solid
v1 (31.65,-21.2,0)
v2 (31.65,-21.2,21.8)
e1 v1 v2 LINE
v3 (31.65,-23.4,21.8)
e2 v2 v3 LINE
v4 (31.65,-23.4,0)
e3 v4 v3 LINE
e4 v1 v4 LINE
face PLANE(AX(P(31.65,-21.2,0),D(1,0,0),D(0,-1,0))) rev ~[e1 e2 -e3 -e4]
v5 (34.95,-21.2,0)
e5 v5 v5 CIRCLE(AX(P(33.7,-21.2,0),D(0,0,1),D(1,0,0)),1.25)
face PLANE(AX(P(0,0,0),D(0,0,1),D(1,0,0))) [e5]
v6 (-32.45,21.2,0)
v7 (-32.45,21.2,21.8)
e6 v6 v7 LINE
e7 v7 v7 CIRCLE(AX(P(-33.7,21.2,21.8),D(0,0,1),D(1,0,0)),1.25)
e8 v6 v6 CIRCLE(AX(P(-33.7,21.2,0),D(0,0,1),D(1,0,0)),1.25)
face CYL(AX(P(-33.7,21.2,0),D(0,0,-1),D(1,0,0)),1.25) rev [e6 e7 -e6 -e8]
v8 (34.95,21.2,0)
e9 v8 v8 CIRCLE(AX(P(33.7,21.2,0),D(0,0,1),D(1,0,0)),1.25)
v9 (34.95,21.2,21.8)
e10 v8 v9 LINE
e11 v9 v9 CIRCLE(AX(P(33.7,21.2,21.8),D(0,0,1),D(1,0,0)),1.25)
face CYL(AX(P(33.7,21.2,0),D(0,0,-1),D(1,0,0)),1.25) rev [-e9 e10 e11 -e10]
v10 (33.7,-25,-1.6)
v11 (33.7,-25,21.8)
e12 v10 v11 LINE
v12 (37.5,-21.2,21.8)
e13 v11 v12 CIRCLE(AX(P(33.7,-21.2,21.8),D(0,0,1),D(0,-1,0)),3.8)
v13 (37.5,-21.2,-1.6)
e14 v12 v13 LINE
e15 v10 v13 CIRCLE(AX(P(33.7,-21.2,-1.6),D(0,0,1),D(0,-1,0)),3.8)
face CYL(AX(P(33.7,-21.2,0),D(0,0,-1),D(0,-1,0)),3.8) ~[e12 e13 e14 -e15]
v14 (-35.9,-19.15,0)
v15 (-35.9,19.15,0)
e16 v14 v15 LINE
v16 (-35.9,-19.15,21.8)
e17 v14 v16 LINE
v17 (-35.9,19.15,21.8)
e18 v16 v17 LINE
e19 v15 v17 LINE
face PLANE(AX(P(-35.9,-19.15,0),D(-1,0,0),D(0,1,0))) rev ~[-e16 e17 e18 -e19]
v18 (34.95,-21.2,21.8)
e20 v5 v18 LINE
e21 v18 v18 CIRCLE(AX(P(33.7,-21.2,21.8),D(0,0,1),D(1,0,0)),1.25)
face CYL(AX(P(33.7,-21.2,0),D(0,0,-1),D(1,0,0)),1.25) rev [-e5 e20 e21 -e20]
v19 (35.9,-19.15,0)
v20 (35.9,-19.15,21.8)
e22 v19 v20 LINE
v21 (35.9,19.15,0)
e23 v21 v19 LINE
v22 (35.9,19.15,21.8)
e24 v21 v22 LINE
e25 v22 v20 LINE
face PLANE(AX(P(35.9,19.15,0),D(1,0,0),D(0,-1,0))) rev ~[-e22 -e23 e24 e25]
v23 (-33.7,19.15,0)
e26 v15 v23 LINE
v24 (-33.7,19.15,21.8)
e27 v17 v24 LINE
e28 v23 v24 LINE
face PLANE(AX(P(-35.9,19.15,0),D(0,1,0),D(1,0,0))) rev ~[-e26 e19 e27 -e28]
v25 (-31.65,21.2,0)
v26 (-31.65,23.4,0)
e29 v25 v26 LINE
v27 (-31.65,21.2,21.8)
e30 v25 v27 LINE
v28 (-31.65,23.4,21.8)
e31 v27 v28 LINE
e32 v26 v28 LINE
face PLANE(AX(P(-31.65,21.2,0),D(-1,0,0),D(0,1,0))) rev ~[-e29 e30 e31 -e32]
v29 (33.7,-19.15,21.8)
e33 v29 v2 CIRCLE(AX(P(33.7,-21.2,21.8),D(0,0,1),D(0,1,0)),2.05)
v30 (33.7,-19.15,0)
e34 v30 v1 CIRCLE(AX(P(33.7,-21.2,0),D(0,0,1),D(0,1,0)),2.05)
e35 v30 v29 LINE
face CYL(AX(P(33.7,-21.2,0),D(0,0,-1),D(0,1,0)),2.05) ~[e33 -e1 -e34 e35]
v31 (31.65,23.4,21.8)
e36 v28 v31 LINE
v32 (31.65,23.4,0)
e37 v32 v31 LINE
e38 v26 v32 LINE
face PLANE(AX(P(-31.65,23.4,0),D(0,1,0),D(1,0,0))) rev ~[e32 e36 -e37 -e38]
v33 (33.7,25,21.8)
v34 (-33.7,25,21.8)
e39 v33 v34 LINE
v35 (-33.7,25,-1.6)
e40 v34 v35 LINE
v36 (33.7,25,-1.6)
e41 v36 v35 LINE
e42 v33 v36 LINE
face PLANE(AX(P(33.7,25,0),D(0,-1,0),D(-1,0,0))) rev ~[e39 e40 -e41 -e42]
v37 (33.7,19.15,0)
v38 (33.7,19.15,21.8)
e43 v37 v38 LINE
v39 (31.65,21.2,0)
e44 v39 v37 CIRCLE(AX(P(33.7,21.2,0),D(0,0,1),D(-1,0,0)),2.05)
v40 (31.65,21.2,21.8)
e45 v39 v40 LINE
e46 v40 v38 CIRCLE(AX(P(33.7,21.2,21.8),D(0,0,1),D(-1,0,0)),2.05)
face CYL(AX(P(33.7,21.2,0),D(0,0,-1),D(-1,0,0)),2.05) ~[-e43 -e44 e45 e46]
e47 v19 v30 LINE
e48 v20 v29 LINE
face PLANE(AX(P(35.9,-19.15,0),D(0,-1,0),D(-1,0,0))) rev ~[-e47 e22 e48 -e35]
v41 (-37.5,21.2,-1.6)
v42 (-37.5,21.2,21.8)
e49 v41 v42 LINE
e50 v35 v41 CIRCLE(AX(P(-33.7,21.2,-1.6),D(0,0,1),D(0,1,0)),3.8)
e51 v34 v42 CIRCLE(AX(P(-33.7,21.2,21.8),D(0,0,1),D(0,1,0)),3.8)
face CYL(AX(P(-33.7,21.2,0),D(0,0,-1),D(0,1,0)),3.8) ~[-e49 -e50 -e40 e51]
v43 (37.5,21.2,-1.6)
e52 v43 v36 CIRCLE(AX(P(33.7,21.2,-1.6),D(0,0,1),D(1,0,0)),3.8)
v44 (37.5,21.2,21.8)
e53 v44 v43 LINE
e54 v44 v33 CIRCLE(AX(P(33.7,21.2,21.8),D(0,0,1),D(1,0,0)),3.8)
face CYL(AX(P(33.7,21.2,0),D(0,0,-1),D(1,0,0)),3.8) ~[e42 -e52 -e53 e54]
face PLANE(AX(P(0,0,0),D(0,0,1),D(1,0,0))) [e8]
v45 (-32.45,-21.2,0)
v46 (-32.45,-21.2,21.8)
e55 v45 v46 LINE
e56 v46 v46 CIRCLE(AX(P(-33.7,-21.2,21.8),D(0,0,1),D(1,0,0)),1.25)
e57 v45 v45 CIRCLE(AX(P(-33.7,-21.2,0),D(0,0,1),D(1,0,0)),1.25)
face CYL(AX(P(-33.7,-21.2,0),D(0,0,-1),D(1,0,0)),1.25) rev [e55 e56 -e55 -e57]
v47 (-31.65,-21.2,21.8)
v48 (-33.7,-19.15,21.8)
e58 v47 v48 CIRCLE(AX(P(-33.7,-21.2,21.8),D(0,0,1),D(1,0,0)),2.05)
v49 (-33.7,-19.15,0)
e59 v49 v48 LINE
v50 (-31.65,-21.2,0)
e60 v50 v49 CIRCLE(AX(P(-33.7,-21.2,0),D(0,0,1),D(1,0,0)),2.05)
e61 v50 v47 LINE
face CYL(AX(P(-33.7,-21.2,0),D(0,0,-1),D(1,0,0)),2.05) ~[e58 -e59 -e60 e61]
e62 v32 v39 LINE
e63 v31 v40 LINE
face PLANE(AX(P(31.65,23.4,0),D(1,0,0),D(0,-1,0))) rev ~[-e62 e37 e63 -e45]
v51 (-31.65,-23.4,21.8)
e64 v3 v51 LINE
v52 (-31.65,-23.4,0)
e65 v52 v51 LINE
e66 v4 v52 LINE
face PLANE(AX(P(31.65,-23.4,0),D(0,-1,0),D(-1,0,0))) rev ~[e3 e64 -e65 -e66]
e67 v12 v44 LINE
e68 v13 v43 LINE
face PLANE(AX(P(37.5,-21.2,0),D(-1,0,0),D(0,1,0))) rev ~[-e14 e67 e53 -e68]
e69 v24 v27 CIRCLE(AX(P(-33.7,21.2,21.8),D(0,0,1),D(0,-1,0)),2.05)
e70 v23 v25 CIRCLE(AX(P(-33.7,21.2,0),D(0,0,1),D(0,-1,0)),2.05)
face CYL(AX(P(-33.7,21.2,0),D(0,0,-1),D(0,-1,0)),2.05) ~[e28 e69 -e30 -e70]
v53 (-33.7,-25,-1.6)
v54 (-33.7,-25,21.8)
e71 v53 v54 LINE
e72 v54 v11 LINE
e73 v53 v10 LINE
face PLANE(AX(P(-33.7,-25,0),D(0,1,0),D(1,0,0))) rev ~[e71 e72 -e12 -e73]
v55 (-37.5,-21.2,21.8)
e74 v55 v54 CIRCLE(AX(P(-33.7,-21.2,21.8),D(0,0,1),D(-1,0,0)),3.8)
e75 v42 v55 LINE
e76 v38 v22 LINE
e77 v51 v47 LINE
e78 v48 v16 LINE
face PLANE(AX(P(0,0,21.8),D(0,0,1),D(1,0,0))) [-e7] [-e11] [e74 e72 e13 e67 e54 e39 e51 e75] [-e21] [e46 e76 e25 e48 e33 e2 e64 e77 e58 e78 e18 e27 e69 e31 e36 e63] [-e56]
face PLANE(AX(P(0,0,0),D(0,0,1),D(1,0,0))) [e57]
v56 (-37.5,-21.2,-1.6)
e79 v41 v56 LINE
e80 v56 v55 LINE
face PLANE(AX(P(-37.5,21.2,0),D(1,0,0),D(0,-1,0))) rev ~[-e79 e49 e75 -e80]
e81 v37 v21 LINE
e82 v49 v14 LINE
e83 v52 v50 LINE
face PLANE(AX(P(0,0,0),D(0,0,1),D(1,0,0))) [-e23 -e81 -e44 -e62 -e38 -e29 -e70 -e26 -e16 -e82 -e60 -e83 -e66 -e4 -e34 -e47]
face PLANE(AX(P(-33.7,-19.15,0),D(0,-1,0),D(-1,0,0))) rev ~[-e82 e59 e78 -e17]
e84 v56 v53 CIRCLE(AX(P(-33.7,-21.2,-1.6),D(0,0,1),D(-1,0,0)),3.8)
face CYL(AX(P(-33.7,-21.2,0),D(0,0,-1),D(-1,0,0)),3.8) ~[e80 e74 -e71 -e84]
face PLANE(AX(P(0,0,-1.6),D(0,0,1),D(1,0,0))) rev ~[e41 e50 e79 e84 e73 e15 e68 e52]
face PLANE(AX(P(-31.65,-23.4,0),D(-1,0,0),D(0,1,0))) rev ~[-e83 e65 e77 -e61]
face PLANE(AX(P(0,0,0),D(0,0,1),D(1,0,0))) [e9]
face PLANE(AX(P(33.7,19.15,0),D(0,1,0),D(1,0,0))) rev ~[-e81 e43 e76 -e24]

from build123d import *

# Parameters (mm, degrees)
F2_R     = 1.25
F3_DEPTH = 1.6
F4_DEPTH = 21.8


with BuildPart() as f3:
    # F2 (on Top) → F3 (new body)
    with BuildSketch(Plane.XY):
        with BuildLine():
            Line((0, 25), (-33.7, 25))
            ThreePointArc((-33.7, 25), (-36.3870057685, 23.8870057685), (-37.5, 21.2))
            Line((-37.5, 21.2), (-37.5, 0))
            Line((-37.5, 0), (-37.5, -21.2))
            ThreePointArc((-37.5, -21.2), (-36.3870057685, -23.8870057685), (-33.7, -25))
            Line((-33.7, -25), (0, -25))
            Line((0, -25), (33.7, -25))
            ThreePointArc((33.7, -25), (36.3870057685, -23.8870057685), (37.5, -21.2))
            Line((37.5, -21.2), (37.5, 0))
            Line((37.5, 0), (37.5, 21.2))
            ThreePointArc((37.5, 21.2), (36.3870057685, 23.8870057685), (33.7, 25))
            Line((33.7, 25), (0, 25))
        make_face()
        with Locations((-33.7, -21.2)):
            Circle(F2_R, mode=Mode.SUBTRACT)
        with Locations((33.7, -21.2)):
            Circle(F2_R, mode=Mode.SUBTRACT)
        with Locations((-33.7, 21.2)):
            Circle(F2_R, mode=Mode.SUBTRACT)
        with BuildLine():
            Line((-31.65, 23.4), (0, 23.4))
            Line((0, 23.4), (31.65, 23.4))
            Line((31.65, 23.4), (31.65, 21.2))
            ThreePointArc((31.65, 21.2), (32.2504310986, 19.7504310986), (33.7, 19.15))
            Line((33.7, 19.15), (35.9, 19.15))
            Line((35.9, 19.15), (35.9, 0))
            Line((35.9, 0), (35.9, -19.15))
            Line((35.9, -19.15), (33.7, -19.15))
            ThreePointArc((33.7, -19.15), (32.2504310986, -19.7504310986), (31.65, -21.2))
            Line((31.65, -21.2), (31.65, -23.4))
            Line((31.65, -23.4), (0, -23.4))
            Line((0, -23.4), (-31.65, -23.4))
            Line((-31.65, -23.4), (-31.65, -21.2))
            ThreePointArc((-31.65, -21.2), (-32.2504310986, -19.7504310986), (-33.7, -19.15))
            Line((-33.7, -19.15), (-35.9, -19.15))
            Line((-35.9, -19.15), (-35.9, 0))
            Line((-35.9, 0), (-35.9, 19.15))
            Line((-35.9, 19.15), (-33.7, 19.15))
            ThreePointArc((-33.7, 19.15), (-32.2504310986, 19.7504310986), (-31.65, 21.2))
            Line((-31.65, 21.2), (-31.65, 23.4))
        make_face(mode=Mode.SUBTRACT)
        with Locations((33.7, 21.2)):
            Circle(F2_R, mode=Mode.SUBTRACT)
        with Locations((-33.7, -21.2)):
            Circle(F2_R)
        with BuildLine():
            Line((31.65, 23.4), (0, 23.4))
            Line((0, 23.4), (-31.65, 23.4))
            Line((-31.65, 23.4), (-31.65, 21.2))
            ThreePointArc((-31.65, 21.2), (-32.2504310986, 19.7504310986), (-33.7, 19.15))
            Line((-33.7, 19.15), (-35.9, 19.15))
            Line((-35.9, 19.15), (-35.9, 0))
            Line((-35.9, 0), (-35.9, -19.15))
            Line((-35.9, -19.15), (-33.7, -19.15))
            ThreePointArc((-33.7, -19.15), (-32.2504310986, -19.7504310986), (-31.65, -21.2))
            Line((-31.65, -21.2), (-31.65, -23.4))
            Line((-31.65, -23.4), (0, -23.4))
            Line((0, -23.4), (31.65, -23.4))
            Line((31.65, -23.4), (31.65, -21.2))
            ThreePointArc((31.65, -21.2), (32.2504310986, -19.7504310986), (33.7, -19.15))
            Line((33.7, -19.15), (35.9, -19.15))
            Line((35.9, -19.15), (35.9, 0))
            Line((35.9, 0), (35.9, 19.15))
            Line((35.9, 19.15), (33.7, 19.15))
            ThreePointArc((33.7, 19.15), (32.2504310986, 19.7504310986), (31.65, 21.2))
            Line((31.65, 21.2), (31.65, 23.4))
        make_face()
        with Locations((33.7, -21.2)):
            Circle(F2_R)
        with Locations((33.7, 21.2)):
            Circle(F2_R)
        with Locations((-33.7, 21.2)):
            Circle(F2_R)
    extrude(amount=-F3_DEPTH)

    # F2 (on Top) → F4 (join)
    with BuildSketch(Plane.XY):
        with BuildLine():
            Line((0, 25), (-33.7, 25))
            ThreePointArc((-33.7, 25), (-36.3870057685, 23.8870057685), (-37.5, 21.2))
            Line((-37.5, 21.2), (-37.5, 0))
            Line((-37.5, 0), (-37.5, -21.2))
            ThreePointArc((-37.5, -21.2), (-36.3870057685, -23.8870057685), (-33.7, -25))
            Line((-33.7, -25), (0, -25))
            Line((0, -25), (33.7, -25))
            ThreePointArc((33.7, -25), (36.3870057685, -23.8870057685), (37.5, -21.2))
            Line((37.5, -21.2), (37.5, 0))
            Line((37.5, 0), (37.5, 21.2))
            ThreePointArc((37.5, 21.2), (36.3870057685, 23.8870057685), (33.7, 25))
            Line((33.7, 25), (0, 25))
        make_face()
        with Locations((-33.7, -21.2)):
            Circle(F2_R, mode=Mode.SUBTRACT)
        with Locations((33.7, -21.2)):
            Circle(F2_R, mode=Mode.SUBTRACT)
        with Locations((-33.7, 21.2)):
            Circle(F2_R, mode=Mode.SUBTRACT)
        with BuildLine():
            Line((-31.65, 23.4), (0, 23.4))
            Line((0, 23.4), (31.65, 23.4))
            Line((31.65, 23.4), (31.65, 21.2))
            ThreePointArc((31.65, 21.2), (32.2504310986, 19.7504310986), (33.7, 19.15))
            Line((33.7, 19.15), (35.9, 19.15))
            Line((35.9, 19.15), (35.9, 0))
            Line((35.9, 0), (35.9, -19.15))
            Line((35.9, -19.15), (33.7, -19.15))
            ThreePointArc((33.7, -19.15), (32.2504310986, -19.7504310986), (31.65, -21.2))
            Line((31.65, -21.2), (31.65, -23.4))
            Line((31.65, -23.4), (0, -23.4))
            Line((0, -23.4), (-31.65, -23.4))
            Line((-31.65, -23.4), (-31.65, -21.2))
            ThreePointArc((-31.65, -21.2), (-32.2504310986, -19.7504310986), (-33.7, -19.15))
            Line((-33.7, -19.15), (-35.9, -19.15))
            Line((-35.9, -19.15), (-35.9, 0))
            Line((-35.9, 0), (-35.9, 19.15))
            Line((-35.9, 19.15), (-33.7, 19.15))
            ThreePointArc((-33.7, 19.15), (-32.2504310986, 19.7504310986), (-31.65, 21.2))
            Line((-31.65, 21.2), (-31.65, 23.4))
        make_face(mode=Mode.SUBTRACT)
        with Locations((33.7, 21.2)):
            Circle(F2_R, mode=Mode.SUBTRACT)
    extrude(amount=F4_DEPTH)


solid = f3.part
